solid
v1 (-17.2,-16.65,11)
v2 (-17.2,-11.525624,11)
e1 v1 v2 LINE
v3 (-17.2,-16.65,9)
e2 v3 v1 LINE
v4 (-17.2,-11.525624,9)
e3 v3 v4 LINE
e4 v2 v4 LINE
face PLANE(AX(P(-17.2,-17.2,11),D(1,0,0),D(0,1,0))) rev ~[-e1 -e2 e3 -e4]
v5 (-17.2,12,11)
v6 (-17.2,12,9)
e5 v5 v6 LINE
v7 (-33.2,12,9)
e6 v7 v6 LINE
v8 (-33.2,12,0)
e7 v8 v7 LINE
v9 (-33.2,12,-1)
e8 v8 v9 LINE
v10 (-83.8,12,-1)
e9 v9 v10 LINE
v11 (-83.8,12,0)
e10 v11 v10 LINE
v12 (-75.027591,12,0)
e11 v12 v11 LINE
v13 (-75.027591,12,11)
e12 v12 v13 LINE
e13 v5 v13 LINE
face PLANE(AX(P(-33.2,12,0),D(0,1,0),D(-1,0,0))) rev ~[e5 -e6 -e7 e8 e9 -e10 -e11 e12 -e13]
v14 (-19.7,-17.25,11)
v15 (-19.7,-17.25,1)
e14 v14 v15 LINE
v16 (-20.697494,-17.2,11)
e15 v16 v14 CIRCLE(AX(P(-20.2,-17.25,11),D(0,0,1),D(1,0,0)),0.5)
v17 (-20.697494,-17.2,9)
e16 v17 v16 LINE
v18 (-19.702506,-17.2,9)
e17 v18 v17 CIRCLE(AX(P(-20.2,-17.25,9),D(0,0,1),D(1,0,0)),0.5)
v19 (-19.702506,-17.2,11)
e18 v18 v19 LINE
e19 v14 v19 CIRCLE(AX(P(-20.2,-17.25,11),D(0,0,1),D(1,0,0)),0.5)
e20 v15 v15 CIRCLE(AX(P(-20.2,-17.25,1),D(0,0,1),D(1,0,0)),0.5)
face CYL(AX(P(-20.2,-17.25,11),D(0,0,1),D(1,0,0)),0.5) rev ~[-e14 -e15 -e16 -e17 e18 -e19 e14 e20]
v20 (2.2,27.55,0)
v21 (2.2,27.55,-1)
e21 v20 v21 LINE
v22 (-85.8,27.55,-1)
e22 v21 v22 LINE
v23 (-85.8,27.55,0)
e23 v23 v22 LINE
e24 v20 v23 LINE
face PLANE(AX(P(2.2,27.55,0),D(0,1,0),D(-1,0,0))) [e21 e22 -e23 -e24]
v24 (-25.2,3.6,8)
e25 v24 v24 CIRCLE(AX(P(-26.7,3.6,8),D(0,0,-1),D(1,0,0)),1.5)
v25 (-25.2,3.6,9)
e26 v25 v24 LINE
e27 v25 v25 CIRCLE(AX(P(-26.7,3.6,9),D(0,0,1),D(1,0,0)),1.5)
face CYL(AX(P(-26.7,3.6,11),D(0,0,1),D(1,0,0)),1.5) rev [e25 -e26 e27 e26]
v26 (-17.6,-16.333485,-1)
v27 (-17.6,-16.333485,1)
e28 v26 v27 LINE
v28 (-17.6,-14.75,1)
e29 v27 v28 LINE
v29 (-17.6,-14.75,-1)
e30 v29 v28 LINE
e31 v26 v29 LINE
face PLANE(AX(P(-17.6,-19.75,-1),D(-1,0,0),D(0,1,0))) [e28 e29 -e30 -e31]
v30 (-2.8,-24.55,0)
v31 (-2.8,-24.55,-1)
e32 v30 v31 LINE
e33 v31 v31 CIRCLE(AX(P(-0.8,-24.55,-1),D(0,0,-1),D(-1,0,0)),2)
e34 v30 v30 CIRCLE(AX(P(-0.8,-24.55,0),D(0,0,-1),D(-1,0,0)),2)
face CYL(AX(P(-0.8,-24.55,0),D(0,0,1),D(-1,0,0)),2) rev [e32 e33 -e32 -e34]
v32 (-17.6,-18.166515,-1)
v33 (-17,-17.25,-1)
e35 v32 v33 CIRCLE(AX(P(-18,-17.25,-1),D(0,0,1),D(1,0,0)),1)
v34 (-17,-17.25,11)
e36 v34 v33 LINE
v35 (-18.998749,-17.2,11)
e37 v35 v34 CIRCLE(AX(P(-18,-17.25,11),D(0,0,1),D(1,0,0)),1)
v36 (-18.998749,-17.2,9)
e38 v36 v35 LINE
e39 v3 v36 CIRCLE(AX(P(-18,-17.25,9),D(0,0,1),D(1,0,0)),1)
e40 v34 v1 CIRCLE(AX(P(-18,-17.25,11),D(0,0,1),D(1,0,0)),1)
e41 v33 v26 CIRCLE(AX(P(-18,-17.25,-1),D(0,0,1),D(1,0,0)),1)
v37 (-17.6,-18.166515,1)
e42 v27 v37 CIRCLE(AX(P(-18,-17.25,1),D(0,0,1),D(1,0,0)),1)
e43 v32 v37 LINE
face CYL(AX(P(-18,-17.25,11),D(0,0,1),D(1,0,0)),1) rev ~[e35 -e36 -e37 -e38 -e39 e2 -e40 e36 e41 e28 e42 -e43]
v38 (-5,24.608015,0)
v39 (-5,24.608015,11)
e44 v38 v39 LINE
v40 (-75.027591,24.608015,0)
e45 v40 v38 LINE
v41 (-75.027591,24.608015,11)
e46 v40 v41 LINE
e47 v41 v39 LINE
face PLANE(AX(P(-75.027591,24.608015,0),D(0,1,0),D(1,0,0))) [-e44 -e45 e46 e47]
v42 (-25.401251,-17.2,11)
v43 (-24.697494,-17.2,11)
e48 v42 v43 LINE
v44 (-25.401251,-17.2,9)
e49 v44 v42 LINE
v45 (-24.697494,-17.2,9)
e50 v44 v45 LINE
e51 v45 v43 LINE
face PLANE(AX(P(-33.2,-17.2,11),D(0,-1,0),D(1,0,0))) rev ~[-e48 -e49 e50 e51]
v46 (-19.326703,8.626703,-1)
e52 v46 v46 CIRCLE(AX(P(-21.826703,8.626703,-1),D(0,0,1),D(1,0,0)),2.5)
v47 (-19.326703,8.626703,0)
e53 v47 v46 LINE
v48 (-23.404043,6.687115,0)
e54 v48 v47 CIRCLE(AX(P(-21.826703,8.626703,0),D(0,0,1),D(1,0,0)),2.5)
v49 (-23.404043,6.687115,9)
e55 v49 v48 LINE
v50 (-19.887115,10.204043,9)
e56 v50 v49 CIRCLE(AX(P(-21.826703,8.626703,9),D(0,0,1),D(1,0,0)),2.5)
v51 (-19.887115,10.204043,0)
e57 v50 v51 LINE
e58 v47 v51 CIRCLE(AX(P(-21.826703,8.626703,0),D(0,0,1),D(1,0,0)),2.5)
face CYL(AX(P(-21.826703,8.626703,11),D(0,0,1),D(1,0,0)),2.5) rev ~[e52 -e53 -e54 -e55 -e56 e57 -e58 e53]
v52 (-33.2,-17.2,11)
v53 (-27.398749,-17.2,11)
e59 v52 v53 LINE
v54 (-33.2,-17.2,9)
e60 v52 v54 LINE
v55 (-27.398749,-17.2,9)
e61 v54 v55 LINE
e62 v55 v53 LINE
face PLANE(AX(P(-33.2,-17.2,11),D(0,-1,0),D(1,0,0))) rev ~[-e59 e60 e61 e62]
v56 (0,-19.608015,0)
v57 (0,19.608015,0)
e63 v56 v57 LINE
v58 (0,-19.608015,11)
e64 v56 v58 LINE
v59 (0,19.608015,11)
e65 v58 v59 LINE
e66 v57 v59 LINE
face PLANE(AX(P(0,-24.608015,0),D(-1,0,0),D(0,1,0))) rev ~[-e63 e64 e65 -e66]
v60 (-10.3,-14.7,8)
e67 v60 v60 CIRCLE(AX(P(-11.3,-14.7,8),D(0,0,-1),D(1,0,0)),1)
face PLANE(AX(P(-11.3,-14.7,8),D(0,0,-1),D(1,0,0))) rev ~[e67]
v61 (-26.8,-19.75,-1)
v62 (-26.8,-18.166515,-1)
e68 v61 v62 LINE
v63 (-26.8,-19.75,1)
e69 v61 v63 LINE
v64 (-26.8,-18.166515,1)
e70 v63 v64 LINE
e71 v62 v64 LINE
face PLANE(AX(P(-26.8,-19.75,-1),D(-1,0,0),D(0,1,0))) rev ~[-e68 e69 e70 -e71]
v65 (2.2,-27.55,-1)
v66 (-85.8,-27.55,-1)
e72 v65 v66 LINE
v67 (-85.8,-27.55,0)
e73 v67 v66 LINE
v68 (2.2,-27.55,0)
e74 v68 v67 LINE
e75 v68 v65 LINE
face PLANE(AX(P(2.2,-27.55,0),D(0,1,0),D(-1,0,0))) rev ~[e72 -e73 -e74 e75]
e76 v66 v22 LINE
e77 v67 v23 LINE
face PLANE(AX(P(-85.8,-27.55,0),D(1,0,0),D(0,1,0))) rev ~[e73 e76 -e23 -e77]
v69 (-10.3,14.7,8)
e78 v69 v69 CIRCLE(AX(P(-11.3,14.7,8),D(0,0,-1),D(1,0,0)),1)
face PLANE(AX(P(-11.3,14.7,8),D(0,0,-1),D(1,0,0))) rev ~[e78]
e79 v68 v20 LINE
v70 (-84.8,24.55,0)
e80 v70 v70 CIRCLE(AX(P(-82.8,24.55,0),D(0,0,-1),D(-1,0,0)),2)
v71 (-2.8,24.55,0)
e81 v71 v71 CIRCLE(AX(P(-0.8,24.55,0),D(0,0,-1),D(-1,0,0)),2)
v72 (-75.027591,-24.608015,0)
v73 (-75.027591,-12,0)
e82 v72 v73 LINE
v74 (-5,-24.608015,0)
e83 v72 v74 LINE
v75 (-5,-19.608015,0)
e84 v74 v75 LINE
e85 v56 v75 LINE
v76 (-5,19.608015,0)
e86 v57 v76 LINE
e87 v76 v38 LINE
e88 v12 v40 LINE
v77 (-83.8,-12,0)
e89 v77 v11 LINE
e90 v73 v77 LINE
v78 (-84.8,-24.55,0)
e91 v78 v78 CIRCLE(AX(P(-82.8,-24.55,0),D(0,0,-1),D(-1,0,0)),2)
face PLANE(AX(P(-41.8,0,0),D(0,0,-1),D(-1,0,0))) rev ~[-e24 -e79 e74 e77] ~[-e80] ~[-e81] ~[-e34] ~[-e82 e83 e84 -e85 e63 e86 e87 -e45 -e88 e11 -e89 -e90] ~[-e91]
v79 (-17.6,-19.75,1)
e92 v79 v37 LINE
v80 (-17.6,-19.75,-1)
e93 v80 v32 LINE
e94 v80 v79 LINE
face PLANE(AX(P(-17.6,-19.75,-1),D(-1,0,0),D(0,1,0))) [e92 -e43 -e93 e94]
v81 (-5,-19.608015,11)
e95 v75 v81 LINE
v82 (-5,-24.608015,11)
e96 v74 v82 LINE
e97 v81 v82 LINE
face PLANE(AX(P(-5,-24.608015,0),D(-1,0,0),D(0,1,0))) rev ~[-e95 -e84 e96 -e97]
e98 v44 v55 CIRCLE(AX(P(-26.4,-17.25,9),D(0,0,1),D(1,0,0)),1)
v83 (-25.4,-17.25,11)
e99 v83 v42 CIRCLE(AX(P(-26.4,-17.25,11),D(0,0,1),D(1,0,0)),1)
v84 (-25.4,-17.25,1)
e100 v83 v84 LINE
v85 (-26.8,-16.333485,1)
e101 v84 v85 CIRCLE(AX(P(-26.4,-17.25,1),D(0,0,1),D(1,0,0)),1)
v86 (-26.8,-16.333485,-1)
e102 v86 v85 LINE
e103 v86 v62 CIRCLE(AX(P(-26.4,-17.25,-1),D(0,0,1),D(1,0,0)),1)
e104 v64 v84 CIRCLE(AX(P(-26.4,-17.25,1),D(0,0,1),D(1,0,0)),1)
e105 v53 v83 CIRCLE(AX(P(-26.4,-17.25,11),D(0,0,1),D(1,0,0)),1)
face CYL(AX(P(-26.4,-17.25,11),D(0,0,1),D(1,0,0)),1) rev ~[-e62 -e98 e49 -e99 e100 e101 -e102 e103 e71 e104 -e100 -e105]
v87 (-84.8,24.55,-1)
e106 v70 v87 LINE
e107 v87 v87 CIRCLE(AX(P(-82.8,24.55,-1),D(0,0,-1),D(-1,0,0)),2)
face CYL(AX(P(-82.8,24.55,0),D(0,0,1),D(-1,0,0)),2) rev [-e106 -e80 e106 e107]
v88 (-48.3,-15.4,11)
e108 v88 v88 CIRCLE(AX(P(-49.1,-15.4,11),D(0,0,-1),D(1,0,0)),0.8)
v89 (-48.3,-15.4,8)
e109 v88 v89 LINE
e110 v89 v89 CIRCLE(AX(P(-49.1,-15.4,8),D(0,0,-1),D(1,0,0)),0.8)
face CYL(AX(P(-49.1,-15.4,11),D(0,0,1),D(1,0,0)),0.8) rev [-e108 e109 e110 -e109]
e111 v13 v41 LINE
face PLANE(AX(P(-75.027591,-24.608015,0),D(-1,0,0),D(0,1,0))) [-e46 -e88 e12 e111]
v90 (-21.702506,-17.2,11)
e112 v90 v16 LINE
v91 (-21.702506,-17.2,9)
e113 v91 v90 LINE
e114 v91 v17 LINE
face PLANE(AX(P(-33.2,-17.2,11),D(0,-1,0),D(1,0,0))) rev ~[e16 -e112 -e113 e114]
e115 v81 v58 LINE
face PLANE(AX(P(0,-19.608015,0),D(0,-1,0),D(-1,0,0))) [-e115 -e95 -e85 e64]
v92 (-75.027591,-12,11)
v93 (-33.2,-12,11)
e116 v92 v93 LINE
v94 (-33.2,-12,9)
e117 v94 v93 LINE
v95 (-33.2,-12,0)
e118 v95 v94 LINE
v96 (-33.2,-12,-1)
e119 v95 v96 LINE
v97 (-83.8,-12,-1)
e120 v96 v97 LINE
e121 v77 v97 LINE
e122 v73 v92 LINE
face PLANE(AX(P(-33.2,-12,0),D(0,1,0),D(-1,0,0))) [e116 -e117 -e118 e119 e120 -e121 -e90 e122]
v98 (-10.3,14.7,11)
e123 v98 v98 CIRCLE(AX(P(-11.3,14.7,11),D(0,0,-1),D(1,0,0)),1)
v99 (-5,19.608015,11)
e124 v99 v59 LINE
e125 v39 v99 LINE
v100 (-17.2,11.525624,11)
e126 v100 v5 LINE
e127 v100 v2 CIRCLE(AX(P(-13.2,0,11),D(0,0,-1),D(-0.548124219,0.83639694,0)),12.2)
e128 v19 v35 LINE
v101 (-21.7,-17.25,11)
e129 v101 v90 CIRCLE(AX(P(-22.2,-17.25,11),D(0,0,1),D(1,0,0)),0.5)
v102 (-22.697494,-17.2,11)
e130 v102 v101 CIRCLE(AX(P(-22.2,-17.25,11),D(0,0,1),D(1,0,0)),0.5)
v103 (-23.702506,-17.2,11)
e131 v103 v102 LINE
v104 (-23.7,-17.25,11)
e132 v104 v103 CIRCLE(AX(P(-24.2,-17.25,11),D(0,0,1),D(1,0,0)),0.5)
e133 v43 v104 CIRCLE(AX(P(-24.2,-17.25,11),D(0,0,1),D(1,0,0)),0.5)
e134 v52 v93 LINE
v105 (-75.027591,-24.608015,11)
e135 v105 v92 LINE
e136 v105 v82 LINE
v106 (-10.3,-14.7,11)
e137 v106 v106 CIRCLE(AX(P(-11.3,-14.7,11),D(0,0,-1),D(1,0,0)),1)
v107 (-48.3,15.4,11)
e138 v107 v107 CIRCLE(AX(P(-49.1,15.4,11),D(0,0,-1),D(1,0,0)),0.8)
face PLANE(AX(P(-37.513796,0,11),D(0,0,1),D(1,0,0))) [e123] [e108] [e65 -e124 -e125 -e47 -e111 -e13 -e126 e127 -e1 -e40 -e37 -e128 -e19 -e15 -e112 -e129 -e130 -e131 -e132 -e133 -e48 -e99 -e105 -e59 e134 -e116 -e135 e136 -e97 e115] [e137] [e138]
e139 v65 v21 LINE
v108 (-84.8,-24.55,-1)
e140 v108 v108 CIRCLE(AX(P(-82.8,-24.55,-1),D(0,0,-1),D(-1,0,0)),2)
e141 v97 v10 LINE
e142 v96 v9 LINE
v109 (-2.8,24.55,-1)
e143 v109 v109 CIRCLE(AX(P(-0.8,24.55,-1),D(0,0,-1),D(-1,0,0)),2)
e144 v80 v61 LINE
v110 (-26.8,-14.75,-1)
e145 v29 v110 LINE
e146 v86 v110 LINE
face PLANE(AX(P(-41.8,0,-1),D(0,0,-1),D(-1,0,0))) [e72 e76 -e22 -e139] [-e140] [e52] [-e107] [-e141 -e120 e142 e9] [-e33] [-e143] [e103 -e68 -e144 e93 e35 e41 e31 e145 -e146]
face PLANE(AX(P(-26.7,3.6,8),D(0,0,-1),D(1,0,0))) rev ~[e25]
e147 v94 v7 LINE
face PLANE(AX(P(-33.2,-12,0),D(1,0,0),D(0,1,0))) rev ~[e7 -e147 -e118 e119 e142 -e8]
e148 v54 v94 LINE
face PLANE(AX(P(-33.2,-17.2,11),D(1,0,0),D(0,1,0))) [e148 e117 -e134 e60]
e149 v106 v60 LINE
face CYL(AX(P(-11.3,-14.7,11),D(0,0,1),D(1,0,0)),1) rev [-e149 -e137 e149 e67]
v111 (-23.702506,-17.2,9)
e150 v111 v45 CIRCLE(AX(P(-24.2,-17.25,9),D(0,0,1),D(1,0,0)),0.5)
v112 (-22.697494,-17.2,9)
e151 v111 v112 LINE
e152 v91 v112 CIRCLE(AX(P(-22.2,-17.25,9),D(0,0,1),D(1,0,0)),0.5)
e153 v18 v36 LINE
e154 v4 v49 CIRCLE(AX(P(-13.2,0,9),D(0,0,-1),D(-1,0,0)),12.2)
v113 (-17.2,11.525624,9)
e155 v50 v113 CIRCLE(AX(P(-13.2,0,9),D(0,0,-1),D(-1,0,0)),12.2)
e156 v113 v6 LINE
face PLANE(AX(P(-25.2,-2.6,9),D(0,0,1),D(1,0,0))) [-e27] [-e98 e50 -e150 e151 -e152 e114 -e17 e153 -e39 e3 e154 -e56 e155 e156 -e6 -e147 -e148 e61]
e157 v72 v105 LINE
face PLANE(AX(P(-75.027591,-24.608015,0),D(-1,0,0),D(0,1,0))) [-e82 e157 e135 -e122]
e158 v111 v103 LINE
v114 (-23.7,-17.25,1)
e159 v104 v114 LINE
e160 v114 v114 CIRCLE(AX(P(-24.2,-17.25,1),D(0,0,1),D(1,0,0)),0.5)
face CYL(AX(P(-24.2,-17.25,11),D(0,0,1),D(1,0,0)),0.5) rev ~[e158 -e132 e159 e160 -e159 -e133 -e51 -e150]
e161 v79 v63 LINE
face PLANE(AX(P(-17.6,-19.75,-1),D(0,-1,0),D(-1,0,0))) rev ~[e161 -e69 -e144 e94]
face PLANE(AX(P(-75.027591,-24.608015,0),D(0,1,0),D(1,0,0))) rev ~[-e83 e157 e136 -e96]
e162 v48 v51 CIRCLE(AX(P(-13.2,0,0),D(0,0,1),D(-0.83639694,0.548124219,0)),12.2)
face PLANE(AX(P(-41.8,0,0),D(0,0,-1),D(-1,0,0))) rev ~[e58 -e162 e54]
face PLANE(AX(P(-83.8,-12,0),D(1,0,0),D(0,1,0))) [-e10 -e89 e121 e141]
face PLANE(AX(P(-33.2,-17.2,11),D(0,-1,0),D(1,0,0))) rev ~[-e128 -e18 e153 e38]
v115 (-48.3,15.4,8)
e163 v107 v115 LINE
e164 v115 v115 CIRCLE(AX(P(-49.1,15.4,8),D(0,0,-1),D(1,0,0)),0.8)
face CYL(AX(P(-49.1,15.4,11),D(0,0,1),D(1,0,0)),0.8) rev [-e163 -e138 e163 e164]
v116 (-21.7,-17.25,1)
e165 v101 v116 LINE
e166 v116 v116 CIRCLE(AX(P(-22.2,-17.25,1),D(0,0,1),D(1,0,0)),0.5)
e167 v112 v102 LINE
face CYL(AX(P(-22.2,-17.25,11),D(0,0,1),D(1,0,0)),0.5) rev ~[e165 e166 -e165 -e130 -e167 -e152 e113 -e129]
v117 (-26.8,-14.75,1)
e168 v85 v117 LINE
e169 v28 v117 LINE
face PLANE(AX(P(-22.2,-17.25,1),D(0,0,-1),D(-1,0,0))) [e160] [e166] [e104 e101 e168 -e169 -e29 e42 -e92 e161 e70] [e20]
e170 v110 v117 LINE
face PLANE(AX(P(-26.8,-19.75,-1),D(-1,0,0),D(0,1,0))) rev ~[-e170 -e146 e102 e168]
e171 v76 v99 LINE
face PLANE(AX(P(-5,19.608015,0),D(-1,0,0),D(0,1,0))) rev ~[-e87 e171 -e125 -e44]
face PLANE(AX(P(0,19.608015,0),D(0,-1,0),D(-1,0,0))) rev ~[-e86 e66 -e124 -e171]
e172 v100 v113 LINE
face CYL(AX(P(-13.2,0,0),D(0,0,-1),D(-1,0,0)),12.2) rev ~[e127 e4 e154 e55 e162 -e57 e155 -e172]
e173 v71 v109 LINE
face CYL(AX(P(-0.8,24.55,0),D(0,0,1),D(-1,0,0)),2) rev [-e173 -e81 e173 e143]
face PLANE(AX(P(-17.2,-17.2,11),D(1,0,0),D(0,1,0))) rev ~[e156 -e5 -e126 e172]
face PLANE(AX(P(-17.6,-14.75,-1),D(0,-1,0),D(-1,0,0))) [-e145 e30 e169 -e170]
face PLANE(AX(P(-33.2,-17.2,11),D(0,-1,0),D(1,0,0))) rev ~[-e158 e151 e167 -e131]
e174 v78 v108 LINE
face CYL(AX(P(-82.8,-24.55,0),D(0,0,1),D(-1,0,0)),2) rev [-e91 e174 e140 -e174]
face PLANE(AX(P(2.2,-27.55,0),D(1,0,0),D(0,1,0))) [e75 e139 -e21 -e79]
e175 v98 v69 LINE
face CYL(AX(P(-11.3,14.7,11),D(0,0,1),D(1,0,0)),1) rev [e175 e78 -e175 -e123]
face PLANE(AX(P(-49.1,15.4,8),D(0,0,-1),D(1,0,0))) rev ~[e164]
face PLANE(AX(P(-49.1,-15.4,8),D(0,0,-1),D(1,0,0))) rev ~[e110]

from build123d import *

# Parameters (mm, degrees)
SKETCH_1_W          = 75.027591161
SKETCH_1_H          = 49.216029974
EXTRUDE_1_DEPTH     = 11
CUT_EXTRUDE_START   = -11
SKETCH_2_R          = 1
SKETCH_2_R_2        = 1.5
SKETCH_2_R_3        = 0.8
CUT_EXTRUDE_1_DEPTH = 3
SKETCH_2_4_R        = 12.2
SKETCH_2_4_W        = 5
SKETCH_2_4_H        = 5
SKETCH_2_4_W_2      = 41.827591161
SKETCH_2_4_H_2      = 24
CUT_EXTRUDE_3_DEPTH = 80.722605558
SKETCH_4_W          = 88
SKETCH_4_H          = 55.1
SKETCH_4_R          = 2
SKETCH_4_W_2        = 50.6
SKETCH_4_H_2        = 24
EXTRUDE_2_DEPTH     = 1
SKETCH_5_R          = 2.5
CUT_EXTRUDE_4_DEPTH = 91.910079199
SKETCH_7_W          = 9.2
SKETCH_7_H          = 5
CUT_EXTRUDE_6_DEPTH = 2
SKETCH_8_R          = 1
SKETCH_8_R_2        = 0.5
CUT_EXTRUDE_7_DEPTH = 91.910079199
SKETCH_9_W          = 16
SKETCH_9_H          = 29.2
CUT_EXTRUDE_8_DEPTH = 2


with BuildPart() as part:
    # 草图1 → 凸台-拉伸1 (new body)
    with BuildSketch(Plane.XY):
        with Locations((-37.513795581, 0)):
            Rectangle(SKETCH_1_W, SKETCH_1_H)
    extrude(amount=EXTRUDE_1_DEPTH)

    # 草图2 → 切除-拉伸1 (cut)
    with BuildSketch(Plane(origin=(0, 0, 0), x_dir=(-1, 0, 0), z_dir=(0, 0, -1)).offset(CUT_EXTRUDE_START)):
        with Locations(Location((11.3, 14.7, 0), (0, 0, 180))):
            Circle(SKETCH_2_R)
        with Locations(Location((11.3, -14.7, 0), (0, 0, 180))):
            Circle(SKETCH_2_R)
        with Locations(Location((26.7, 3.6, 0), (0, 0, 180))):
            Circle(SKETCH_2_R_2)
        with Locations(Location((49.1, 15.4, 0), (0, 0, 180))):
            Circle(SKETCH_2_R_3)
        with Locations(Location((49.1, -15.4, 0), (0, 0, 180))):
            Circle(SKETCH_2_R_3)
    extrude(amount=CUT_EXTRUDE_1_DEPTH, mode=Mode.SUBTRACT)

    # 草图2<4> → 切除-拉伸3 (cut, through all)
    with BuildSketch(Plane(origin=(0, 0, 0), x_dir=(-1, 0, 0), z_dir=(0, 0, -1))):
        with Locations((13.2, 0)):
            Circle(SKETCH_2_4_R)
        with Locations((2.5, 22.108014987)):
            Rectangle(SKETCH_2_4_W, SKETCH_2_4_H)
        with Locations((2.5, -22.108014987)):
            Rectangle(SKETCH_2_4_W, SKETCH_2_4_H)
        with Locations((54.113795581, 0)):
            Rectangle(SKETCH_2_4_W_2, SKETCH_2_4_H_2)
    extrude(amount=-CUT_EXTRUDE_3_DEPTH, mode=Mode.SUBTRACT)

    # 草图4 → 凸台-拉伸2 (add)
    with BuildSketch(Plane(origin=(0, 0, 0), x_dir=(-1, 0, 0), z_dir=(0, 0, -1))):
        with Locations((41.8, 0)):
            Rectangle(SKETCH_4_W, SKETCH_4_H)
        with Locations((0.8, 24.55)):
            Circle(SKETCH_4_R, mode=Mode.SUBTRACT)
        with Locations((0.8, -24.55)):
            Circle(SKETCH_4_R, mode=Mode.SUBTRACT)
        with Locations((82.8, -24.55)):
            Circle(SKETCH_4_R, mode=Mode.SUBTRACT)
        with Locations((82.8, 24.55)):
            Circle(SKETCH_4_R, mode=Mode.SUBTRACT)
        with Locations((58.5, 0)):
            Rectangle(SKETCH_4_W_2, SKETCH_4_H_2, mode=Mode.SUBTRACT)
    extrude(amount=EXTRUDE_2_DEPTH)

    # 草图5 → 切除-拉伸4 (cut, through all)
    with BuildSketch(Plane.XY.offset(11)):
        with Locations((-21.82670273, 8.62670273)):
            Circle(SKETCH_5_R)
    extrude(amount=-CUT_EXTRUDE_4_DEPTH, mode=Mode.SUBTRACT)

    # 草图7 → 切除-拉伸6 (cut)
    with BuildSketch(Plane(origin=(0, 0, -1), x_dir=(-1, 0, 0), z_dir=(0, 0, -1))):
        with Locations((22.2, -17.25)):
            Rectangle(SKETCH_7_W, SKETCH_7_H)
    extrude(amount=-CUT_EXTRUDE_6_DEPTH, mode=Mode.SUBTRACT)

    # 草图8 → 切除-拉伸7 (cut, through all)
    with BuildSketch(Plane.XY.offset(11)):
        with Locations((-26.4, -17.25)):
            Circle(SKETCH_8_R)
        with Locations((-24.2, -17.25)):
            Circle(SKETCH_8_R_2)
        with Locations((-22.2, -17.25)):
            Circle(SKETCH_8_R_2)
        with Locations((-20.2, -17.25)):
            Circle(SKETCH_8_R_2)
        with Locations((-18, -17.25)):
            Circle(SKETCH_8_R)
    extrude(amount=-CUT_EXTRUDE_7_DEPTH, mode=Mode.SUBTRACT)

    # 草图9 → 切除-拉伸8 (cut)
    with BuildSketch(Plane.XY.offset(11)):
        with Locations((-25.2, -2.6)):
            Rectangle(SKETCH_9_W, SKETCH_9_H)
    extrude(amount=-CUT_EXTRUDE_8_DEPTH, mode=Mode.SUBTRACT)


solid = part.part
